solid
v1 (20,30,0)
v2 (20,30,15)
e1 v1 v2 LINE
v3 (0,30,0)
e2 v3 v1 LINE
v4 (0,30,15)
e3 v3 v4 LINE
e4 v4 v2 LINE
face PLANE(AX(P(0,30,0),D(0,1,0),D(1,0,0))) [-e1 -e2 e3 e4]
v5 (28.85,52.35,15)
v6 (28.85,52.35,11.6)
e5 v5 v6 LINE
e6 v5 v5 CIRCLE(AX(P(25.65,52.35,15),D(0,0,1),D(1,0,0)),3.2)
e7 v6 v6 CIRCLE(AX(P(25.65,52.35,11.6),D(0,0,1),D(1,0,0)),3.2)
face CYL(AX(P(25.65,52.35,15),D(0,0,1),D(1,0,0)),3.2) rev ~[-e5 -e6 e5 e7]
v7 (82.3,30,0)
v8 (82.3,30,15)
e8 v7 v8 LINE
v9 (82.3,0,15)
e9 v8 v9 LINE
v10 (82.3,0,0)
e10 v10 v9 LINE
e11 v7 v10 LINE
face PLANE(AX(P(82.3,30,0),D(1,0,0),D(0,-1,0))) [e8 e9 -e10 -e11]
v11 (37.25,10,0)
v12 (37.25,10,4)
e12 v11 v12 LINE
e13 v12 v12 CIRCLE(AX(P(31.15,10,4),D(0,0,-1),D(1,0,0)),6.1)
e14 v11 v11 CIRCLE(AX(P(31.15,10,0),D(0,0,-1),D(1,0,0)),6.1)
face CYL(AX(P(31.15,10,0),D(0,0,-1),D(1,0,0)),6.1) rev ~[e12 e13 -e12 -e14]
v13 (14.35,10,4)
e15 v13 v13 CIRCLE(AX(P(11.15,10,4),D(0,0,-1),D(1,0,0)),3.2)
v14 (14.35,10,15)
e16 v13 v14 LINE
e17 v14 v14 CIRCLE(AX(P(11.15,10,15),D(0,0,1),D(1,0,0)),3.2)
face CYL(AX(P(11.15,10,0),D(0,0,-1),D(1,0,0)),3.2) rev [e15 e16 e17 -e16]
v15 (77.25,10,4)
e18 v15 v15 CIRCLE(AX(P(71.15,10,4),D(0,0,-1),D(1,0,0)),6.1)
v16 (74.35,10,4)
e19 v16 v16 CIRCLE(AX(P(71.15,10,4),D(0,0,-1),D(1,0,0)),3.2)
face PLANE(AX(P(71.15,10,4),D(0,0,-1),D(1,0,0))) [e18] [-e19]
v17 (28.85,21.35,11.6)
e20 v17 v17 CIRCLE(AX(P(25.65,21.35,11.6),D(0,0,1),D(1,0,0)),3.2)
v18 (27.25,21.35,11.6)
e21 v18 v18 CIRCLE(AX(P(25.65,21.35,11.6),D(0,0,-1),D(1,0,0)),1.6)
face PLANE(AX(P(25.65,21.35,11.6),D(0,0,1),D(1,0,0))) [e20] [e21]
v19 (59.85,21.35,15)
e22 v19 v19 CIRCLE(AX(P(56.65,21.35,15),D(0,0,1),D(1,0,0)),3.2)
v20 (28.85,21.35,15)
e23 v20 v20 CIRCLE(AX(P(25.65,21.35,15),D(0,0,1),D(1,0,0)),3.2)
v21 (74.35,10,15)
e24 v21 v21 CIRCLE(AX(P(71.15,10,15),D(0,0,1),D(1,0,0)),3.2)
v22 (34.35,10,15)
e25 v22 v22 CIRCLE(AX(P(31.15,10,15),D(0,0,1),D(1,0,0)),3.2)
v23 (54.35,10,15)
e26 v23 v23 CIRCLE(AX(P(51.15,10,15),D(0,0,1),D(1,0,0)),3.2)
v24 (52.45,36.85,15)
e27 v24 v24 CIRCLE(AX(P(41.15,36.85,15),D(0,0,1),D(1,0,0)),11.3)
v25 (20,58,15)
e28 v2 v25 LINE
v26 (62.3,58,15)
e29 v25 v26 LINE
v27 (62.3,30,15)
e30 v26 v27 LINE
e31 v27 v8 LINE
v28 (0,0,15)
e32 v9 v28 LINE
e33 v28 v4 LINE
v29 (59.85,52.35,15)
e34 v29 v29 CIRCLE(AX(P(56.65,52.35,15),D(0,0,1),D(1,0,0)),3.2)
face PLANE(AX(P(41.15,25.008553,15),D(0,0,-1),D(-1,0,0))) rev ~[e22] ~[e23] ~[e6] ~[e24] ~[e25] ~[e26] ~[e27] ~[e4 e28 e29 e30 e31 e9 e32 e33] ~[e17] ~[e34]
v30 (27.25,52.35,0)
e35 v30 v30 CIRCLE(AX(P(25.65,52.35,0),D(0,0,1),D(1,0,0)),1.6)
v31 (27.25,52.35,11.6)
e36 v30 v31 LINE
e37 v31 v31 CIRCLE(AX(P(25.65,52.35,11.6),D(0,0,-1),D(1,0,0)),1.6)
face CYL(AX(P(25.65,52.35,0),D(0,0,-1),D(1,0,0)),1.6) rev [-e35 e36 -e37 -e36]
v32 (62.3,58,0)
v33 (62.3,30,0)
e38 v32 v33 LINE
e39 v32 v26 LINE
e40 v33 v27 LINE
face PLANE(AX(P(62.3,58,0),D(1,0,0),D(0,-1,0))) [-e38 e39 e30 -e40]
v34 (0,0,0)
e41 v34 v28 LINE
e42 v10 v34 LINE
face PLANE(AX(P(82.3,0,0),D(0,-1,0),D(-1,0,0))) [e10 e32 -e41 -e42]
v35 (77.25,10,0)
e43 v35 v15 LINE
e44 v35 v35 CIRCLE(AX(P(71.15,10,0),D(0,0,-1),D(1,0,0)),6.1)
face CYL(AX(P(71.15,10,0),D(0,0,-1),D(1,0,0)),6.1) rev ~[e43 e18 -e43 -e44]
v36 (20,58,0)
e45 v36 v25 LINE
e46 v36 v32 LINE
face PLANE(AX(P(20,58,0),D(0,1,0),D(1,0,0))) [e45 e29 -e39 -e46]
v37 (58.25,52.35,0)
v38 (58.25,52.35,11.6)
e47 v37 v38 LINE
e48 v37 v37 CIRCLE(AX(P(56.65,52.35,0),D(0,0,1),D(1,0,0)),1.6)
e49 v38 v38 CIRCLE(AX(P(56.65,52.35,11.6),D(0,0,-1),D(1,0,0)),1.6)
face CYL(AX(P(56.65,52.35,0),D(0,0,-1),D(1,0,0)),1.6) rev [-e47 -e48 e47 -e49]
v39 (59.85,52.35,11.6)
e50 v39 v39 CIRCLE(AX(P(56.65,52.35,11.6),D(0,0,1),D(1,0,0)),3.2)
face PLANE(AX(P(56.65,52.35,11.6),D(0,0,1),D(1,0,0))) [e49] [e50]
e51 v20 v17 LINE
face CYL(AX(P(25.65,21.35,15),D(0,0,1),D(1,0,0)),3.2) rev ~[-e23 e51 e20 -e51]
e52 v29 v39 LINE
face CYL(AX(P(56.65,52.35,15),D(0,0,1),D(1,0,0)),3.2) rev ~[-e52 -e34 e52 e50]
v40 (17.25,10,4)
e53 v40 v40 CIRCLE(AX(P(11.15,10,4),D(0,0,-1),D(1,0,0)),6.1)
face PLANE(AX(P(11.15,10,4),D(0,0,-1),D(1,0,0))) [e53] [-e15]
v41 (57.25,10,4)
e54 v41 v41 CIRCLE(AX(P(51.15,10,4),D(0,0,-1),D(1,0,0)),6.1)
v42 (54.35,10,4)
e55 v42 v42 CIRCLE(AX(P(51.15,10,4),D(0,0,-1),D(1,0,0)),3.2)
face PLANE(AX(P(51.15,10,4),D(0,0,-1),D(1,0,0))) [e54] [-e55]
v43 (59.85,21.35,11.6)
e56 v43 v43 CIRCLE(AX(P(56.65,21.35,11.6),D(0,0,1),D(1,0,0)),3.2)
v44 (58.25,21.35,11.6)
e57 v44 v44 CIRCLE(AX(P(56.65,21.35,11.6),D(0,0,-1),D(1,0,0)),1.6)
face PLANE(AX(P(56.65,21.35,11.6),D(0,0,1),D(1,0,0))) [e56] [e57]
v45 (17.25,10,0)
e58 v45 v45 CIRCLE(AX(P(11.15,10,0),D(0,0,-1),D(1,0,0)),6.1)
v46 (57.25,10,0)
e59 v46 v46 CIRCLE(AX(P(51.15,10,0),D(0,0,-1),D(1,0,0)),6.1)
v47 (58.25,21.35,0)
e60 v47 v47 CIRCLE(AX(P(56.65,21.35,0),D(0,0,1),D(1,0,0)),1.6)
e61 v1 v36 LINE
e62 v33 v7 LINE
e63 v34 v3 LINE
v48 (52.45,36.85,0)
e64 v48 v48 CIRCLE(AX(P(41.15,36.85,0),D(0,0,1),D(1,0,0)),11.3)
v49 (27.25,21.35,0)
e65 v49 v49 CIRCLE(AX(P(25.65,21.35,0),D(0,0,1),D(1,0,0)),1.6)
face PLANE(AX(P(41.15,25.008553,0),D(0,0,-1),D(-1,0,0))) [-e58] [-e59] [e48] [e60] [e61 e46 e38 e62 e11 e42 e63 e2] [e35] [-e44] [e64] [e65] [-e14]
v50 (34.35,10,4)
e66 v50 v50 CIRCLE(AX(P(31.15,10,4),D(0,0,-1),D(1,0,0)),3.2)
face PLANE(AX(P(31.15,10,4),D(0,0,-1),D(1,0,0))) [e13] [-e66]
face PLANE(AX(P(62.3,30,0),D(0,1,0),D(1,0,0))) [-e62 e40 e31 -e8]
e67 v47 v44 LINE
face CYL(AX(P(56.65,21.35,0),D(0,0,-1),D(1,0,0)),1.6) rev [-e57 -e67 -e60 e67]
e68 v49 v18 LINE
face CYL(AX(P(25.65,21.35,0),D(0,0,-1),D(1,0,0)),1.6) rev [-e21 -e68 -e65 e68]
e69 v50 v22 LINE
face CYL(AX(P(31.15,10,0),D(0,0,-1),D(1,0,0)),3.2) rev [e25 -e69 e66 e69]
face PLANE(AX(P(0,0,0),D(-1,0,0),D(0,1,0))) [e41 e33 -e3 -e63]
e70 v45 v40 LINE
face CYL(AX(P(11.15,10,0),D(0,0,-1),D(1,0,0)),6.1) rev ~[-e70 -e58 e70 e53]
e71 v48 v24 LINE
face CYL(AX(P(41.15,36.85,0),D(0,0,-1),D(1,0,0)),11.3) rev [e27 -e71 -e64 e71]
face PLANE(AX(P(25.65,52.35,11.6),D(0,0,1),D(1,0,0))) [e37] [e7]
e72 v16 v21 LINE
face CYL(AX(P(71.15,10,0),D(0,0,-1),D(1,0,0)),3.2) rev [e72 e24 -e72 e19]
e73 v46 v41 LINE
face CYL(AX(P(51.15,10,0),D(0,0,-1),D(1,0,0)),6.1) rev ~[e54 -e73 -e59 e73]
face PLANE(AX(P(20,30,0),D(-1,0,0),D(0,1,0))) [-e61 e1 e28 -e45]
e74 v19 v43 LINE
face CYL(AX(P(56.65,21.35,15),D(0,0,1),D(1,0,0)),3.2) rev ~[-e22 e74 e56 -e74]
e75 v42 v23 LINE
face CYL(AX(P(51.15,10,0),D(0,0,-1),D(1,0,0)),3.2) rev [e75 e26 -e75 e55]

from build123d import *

# Parameters (mm, degrees)
SKETCH_R        = 11.3
SKETCH_R_2      = 1.6
SKETCH_R_3      = 3.2
PAD_DEPTH       = 15
SKETCH001_R     = 3.2
POCKET_DEPTH    = 3.4
SKETCH002_R     = 6.1
POCKET001_DEPTH = 4


with BuildPart() as part:
    # Sketch → Pad (new body)
    with BuildSketch(Plane.XY):
        Polygon((20, 30), (20, 58), (62.3, 58), (62.3, 30), (82.3, 30), (82.3, 0), (0, 0), (0, 30), align=None)
        with Locations((41.15, 36.85)):
            Circle(SKETCH_R, mode=Mode.SUBTRACT)
        with Locations((25.65, 52.35)):
            Circle(SKETCH_R_2, mode=Mode.SUBTRACT)
        with Locations((25.65, 21.35)):
            Circle(SKETCH_R_2, mode=Mode.SUBTRACT)
        with Locations((56.65, 52.35)):
            Circle(SKETCH_R_2, mode=Mode.SUBTRACT)
        with Locations((56.65, 21.35)):
            Circle(SKETCH_R_2, mode=Mode.SUBTRACT)
        with Locations((11.15, 10)):
            Circle(SKETCH_R_3, mode=Mode.SUBTRACT)
        with Locations((31.15, 10)):
            Circle(SKETCH_R_3, mode=Mode.SUBTRACT)
        with Locations((51.15, 10)):
            Circle(SKETCH_R_3, mode=Mode.SUBTRACT)
        with Locations((71.15, 10)):
            Circle(SKETCH_R_3, mode=Mode.SUBTRACT)
    extrude(amount=PAD_DEPTH)

    # Sketch001 (on Face19 of Pad) → Pocket (cut)
    with BuildSketch(Plane.XY.offset(15)):
        with Locations((25.65, 52.35)):
            Circle(SKETCH001_R)
        with Locations((56.65, 52.35)):
            Circle(SKETCH001_R)
        with Locations((56.65, 21.35)):
            Circle(SKETCH001_R)
        with Locations((25.65, 21.35)):
            Circle(SKETCH001_R)
    extrude(amount=-POCKET_DEPTH, mode=Mode.SUBTRACT)

    # Sketch002 (on Face4 of Pocket) → Pocket001 (cut)
    with BuildSketch(Plane(origin=(0, 0, 0), x_dir=(1, 0, 0), z_dir=(0, 0, -1))):
        with Locations((11.15, -10)):
            Circle(SKETCH002_R)
        with Locations((31.15, -10)):
            Circle(SKETCH002_R)
        with Locations((51.15, -10)):
            Circle(SKETCH002_R)
        with Locations((71.15, -10)):
            Circle(SKETCH002_R)
    extrude(amount=-POCKET001_DEPTH, mode=Mode.SUBTRACT)


solid = part.part
